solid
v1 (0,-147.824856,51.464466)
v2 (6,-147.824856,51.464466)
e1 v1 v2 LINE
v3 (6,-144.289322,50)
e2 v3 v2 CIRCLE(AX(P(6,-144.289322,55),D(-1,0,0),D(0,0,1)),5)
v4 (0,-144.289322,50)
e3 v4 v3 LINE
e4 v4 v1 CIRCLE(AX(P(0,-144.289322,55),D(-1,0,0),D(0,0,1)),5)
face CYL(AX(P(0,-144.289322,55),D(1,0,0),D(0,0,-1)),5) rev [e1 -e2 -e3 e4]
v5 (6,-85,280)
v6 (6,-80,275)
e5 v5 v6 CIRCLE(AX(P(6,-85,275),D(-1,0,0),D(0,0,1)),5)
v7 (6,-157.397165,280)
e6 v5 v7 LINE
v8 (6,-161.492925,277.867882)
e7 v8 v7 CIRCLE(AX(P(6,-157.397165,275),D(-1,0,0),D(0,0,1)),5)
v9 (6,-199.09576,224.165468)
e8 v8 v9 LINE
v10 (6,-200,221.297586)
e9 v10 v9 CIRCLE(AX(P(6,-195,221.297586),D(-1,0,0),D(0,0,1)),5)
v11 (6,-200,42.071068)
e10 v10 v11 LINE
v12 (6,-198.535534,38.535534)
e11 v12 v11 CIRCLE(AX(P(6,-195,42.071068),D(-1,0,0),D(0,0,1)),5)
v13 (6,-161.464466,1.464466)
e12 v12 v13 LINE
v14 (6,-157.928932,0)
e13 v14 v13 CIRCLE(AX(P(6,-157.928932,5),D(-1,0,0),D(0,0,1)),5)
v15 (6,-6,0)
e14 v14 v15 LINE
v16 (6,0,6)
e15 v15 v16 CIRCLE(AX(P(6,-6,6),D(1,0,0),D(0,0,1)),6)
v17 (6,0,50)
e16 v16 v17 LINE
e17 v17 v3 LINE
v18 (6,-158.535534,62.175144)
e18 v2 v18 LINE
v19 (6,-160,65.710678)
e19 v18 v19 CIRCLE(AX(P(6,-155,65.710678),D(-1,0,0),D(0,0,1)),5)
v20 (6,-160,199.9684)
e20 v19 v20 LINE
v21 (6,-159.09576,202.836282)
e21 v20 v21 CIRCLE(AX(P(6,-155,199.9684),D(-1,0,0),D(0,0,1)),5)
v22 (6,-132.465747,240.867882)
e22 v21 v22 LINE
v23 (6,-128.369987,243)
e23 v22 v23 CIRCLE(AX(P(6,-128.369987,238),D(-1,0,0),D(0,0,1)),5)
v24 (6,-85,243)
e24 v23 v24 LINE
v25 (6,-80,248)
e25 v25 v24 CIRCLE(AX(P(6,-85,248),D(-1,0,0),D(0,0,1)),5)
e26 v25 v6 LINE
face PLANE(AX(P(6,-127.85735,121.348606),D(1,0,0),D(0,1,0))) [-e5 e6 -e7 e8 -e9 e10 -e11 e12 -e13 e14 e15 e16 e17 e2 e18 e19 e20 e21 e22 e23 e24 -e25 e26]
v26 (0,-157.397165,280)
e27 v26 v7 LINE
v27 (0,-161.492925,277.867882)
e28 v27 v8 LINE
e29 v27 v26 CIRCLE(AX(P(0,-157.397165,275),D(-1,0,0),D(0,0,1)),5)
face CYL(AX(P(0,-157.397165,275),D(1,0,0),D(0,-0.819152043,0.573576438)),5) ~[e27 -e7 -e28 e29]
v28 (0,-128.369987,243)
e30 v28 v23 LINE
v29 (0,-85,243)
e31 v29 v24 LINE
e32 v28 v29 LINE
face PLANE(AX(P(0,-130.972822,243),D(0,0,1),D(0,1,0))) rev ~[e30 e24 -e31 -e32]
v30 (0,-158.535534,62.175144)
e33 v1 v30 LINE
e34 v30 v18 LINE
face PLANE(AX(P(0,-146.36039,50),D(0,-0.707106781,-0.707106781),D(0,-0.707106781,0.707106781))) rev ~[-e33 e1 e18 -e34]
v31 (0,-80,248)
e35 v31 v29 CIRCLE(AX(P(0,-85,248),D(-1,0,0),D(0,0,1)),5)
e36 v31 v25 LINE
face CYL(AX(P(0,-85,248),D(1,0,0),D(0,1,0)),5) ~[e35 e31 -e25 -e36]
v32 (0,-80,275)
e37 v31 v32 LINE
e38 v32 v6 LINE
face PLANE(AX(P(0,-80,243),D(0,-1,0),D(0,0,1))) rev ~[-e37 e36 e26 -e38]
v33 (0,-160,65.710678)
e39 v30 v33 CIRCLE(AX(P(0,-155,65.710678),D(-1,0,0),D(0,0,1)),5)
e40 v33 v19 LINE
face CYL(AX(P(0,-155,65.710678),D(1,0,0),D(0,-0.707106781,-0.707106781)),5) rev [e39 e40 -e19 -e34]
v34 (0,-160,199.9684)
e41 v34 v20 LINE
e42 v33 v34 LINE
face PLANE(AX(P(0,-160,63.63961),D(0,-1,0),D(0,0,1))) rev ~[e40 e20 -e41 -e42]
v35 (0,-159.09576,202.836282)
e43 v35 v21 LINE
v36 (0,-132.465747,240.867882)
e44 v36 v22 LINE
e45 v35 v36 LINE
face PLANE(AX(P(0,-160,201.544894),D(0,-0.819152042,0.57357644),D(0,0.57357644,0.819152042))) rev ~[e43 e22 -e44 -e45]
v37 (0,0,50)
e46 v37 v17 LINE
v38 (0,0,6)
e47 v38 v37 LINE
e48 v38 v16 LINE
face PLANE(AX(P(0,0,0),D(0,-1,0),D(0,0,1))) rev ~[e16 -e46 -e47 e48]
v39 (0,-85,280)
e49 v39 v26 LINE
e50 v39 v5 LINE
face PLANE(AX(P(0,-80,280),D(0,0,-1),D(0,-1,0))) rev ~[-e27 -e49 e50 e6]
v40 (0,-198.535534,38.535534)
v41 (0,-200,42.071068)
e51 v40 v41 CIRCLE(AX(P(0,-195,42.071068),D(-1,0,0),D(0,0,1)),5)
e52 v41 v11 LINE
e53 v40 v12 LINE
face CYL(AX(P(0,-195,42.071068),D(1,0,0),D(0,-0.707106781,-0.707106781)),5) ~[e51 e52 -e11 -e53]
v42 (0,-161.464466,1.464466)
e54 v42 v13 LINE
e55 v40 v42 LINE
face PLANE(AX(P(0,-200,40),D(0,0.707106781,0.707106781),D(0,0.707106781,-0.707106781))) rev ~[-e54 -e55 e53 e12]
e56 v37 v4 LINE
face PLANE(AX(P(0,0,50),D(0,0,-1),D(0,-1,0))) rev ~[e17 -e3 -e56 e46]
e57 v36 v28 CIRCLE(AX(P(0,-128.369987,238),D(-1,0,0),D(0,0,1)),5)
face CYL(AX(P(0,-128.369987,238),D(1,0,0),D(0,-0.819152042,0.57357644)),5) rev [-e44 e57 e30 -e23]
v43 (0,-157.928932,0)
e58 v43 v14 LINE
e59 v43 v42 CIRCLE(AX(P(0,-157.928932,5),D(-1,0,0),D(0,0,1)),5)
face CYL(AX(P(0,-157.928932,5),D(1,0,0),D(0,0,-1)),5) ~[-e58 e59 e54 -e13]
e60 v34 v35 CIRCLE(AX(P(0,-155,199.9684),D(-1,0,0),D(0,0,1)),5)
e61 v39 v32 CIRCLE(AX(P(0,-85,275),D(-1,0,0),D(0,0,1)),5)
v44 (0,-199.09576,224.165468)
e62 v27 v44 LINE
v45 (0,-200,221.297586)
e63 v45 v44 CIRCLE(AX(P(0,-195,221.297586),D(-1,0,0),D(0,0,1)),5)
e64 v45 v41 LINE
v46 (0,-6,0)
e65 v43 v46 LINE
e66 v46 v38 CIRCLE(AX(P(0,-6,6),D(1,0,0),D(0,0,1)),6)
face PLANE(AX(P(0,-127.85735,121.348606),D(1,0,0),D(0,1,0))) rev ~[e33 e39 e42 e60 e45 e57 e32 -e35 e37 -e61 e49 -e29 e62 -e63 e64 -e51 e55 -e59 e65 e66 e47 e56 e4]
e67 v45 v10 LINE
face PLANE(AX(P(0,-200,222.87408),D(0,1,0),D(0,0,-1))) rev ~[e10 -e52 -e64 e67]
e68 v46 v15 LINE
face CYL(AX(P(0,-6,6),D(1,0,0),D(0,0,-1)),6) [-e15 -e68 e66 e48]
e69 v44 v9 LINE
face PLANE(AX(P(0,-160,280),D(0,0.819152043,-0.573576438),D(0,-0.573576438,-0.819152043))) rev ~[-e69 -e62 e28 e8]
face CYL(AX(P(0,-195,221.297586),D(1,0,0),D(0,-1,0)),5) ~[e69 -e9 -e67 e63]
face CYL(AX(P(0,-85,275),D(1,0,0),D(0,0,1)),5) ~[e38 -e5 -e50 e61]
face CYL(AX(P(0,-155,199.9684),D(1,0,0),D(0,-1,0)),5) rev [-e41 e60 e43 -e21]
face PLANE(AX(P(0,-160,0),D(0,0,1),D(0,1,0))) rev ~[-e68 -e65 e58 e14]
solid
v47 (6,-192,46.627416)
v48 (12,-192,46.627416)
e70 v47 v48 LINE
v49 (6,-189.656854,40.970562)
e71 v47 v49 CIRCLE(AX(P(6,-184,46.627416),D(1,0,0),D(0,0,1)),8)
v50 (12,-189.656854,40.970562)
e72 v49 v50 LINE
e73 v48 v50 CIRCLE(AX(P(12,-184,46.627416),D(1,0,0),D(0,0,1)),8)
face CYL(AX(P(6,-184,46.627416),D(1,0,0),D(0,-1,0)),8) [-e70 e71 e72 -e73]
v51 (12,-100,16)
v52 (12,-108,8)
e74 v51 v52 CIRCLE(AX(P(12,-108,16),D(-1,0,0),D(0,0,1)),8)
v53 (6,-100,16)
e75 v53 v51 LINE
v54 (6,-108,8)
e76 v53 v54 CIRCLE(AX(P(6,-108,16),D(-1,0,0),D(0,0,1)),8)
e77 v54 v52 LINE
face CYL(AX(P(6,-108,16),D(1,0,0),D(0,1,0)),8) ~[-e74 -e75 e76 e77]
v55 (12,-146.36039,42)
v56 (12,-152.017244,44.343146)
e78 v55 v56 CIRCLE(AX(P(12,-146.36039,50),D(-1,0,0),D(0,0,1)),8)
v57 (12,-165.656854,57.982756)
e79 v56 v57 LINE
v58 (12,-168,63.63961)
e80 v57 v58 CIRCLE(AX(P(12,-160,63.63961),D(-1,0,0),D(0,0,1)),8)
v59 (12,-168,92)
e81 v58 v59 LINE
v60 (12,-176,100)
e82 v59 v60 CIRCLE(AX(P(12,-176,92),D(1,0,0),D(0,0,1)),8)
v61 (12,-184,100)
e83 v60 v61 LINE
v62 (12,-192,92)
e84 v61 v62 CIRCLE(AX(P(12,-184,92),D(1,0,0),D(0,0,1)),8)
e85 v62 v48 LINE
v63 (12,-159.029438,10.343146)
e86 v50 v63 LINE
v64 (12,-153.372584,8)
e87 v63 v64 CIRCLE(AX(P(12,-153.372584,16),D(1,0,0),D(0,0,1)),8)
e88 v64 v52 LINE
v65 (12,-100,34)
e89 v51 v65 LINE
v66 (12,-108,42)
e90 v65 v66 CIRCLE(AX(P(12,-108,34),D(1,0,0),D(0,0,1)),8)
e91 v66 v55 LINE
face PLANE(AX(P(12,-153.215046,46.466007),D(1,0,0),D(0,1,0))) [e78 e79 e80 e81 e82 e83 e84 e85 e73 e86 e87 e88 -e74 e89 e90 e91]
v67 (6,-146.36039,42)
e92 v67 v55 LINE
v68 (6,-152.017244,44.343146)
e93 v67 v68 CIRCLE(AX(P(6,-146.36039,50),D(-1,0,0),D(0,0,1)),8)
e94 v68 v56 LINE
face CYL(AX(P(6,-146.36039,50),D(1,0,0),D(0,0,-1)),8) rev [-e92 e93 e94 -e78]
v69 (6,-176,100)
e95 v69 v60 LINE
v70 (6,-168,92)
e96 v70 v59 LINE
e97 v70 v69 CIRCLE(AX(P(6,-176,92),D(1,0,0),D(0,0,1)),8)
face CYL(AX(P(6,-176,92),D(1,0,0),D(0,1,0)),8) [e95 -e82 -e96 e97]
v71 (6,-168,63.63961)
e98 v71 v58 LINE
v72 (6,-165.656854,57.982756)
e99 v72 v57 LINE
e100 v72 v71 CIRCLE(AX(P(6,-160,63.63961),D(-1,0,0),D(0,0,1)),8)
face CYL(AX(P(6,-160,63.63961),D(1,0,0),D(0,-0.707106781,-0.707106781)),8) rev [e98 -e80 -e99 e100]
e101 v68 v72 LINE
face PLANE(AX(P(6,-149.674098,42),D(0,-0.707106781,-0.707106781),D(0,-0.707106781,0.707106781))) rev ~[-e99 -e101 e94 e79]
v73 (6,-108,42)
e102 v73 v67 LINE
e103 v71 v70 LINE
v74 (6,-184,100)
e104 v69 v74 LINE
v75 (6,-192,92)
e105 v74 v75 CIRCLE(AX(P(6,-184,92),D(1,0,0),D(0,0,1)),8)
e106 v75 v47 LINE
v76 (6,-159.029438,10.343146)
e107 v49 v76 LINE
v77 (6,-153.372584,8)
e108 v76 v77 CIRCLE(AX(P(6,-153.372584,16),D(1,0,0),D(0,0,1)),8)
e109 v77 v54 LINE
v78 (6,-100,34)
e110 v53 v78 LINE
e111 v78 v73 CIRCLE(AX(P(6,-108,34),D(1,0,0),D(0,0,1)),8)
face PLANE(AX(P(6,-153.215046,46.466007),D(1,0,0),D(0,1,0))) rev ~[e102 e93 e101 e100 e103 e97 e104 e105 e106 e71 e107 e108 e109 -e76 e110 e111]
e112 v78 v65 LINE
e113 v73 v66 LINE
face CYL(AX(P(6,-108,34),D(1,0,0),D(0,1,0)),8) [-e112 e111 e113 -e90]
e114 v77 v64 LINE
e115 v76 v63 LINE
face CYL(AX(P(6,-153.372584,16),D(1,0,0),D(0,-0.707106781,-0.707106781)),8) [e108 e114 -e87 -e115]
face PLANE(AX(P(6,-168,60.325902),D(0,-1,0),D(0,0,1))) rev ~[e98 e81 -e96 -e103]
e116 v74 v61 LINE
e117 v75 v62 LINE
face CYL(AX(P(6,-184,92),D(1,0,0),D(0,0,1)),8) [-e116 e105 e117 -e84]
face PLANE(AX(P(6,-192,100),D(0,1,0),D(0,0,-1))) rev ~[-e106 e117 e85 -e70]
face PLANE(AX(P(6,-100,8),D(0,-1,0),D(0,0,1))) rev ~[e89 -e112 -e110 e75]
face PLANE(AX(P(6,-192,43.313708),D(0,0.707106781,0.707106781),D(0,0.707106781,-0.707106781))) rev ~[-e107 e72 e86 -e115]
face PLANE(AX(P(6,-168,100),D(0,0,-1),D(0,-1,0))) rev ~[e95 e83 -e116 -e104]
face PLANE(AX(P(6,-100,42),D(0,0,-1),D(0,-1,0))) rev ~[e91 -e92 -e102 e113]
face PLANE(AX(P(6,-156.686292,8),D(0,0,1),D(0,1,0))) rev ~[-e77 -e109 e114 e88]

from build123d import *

# Parameters (mm, degrees)
F1_DEPTH = 6
F2_R     = 6
F3_R     = 5
F5_DEPTH = 6
F6_R     = 8


with BuildPart() as f1:
    # F0 (on Right) → F1 (new body)
    with BuildSketch(Plane.YZ):
        Polygon((-160, 0), (0, 0), (0, 50), (-146.36039, 50), (-160, 63.63961), (-160, 201.544894), (-130.972822, 243), (-80, 243), (-80, 280), (-160, 280), (-200, 222.87408), (-200, 40), align=None)
    extrude(amount=F1_DEPTH)

    # F2
    f2_edges = [f1.edges().sort_by_distance(p)[0] for p in [
        (3, 0, 0),
    ]]
    fillet(f2_edges, radius=F2_R)

    # F3
    f3_edges = [f1.edges().sort_by_distance(p)[0] for p in [
        (3, -146.36039, 50),
        (3, -160, 63.63961),
        (3, -130.972822, 243),
        (3, -160, 201.544894),
        (3, -160, 280),
        (3, -200, 222.87408),
        (3, -160, 0),
        (3, -200, 40),
        (3, -80, 280),
        (3, -80, 243),
    ]]
    fillet(f3_edges, radius=F3_R)


with BuildPart() as f5:
    # F4 (on face) → F5 (new body)
    with BuildSketch(Plane.YZ.offset(6)):
        Polygon((-100, 8), (-100, 42), (-149.674098, 42), (-168, 60.325902), (-168, 100), (-192, 100), (-192, 43.313708), (-156.686292, 8), align=None)
    extrude(amount=F5_DEPTH)

    # F6
    f6_edges = [f5.edges().sort_by_distance(p)[0] for p in [
        (9, -168, 100),
        (9, -192, 100),
        (9, -168, 60.325902),
        (9, -149.674098, 42),
        (9, -100, 42),
        (9, -100, 8),
        (9, -156.686292, 8),
        (9, -192, 43.313708),
    ]]
    fillet(f6_edges, radius=F6_R)


solid = Compound([f1.part, f5.part])
